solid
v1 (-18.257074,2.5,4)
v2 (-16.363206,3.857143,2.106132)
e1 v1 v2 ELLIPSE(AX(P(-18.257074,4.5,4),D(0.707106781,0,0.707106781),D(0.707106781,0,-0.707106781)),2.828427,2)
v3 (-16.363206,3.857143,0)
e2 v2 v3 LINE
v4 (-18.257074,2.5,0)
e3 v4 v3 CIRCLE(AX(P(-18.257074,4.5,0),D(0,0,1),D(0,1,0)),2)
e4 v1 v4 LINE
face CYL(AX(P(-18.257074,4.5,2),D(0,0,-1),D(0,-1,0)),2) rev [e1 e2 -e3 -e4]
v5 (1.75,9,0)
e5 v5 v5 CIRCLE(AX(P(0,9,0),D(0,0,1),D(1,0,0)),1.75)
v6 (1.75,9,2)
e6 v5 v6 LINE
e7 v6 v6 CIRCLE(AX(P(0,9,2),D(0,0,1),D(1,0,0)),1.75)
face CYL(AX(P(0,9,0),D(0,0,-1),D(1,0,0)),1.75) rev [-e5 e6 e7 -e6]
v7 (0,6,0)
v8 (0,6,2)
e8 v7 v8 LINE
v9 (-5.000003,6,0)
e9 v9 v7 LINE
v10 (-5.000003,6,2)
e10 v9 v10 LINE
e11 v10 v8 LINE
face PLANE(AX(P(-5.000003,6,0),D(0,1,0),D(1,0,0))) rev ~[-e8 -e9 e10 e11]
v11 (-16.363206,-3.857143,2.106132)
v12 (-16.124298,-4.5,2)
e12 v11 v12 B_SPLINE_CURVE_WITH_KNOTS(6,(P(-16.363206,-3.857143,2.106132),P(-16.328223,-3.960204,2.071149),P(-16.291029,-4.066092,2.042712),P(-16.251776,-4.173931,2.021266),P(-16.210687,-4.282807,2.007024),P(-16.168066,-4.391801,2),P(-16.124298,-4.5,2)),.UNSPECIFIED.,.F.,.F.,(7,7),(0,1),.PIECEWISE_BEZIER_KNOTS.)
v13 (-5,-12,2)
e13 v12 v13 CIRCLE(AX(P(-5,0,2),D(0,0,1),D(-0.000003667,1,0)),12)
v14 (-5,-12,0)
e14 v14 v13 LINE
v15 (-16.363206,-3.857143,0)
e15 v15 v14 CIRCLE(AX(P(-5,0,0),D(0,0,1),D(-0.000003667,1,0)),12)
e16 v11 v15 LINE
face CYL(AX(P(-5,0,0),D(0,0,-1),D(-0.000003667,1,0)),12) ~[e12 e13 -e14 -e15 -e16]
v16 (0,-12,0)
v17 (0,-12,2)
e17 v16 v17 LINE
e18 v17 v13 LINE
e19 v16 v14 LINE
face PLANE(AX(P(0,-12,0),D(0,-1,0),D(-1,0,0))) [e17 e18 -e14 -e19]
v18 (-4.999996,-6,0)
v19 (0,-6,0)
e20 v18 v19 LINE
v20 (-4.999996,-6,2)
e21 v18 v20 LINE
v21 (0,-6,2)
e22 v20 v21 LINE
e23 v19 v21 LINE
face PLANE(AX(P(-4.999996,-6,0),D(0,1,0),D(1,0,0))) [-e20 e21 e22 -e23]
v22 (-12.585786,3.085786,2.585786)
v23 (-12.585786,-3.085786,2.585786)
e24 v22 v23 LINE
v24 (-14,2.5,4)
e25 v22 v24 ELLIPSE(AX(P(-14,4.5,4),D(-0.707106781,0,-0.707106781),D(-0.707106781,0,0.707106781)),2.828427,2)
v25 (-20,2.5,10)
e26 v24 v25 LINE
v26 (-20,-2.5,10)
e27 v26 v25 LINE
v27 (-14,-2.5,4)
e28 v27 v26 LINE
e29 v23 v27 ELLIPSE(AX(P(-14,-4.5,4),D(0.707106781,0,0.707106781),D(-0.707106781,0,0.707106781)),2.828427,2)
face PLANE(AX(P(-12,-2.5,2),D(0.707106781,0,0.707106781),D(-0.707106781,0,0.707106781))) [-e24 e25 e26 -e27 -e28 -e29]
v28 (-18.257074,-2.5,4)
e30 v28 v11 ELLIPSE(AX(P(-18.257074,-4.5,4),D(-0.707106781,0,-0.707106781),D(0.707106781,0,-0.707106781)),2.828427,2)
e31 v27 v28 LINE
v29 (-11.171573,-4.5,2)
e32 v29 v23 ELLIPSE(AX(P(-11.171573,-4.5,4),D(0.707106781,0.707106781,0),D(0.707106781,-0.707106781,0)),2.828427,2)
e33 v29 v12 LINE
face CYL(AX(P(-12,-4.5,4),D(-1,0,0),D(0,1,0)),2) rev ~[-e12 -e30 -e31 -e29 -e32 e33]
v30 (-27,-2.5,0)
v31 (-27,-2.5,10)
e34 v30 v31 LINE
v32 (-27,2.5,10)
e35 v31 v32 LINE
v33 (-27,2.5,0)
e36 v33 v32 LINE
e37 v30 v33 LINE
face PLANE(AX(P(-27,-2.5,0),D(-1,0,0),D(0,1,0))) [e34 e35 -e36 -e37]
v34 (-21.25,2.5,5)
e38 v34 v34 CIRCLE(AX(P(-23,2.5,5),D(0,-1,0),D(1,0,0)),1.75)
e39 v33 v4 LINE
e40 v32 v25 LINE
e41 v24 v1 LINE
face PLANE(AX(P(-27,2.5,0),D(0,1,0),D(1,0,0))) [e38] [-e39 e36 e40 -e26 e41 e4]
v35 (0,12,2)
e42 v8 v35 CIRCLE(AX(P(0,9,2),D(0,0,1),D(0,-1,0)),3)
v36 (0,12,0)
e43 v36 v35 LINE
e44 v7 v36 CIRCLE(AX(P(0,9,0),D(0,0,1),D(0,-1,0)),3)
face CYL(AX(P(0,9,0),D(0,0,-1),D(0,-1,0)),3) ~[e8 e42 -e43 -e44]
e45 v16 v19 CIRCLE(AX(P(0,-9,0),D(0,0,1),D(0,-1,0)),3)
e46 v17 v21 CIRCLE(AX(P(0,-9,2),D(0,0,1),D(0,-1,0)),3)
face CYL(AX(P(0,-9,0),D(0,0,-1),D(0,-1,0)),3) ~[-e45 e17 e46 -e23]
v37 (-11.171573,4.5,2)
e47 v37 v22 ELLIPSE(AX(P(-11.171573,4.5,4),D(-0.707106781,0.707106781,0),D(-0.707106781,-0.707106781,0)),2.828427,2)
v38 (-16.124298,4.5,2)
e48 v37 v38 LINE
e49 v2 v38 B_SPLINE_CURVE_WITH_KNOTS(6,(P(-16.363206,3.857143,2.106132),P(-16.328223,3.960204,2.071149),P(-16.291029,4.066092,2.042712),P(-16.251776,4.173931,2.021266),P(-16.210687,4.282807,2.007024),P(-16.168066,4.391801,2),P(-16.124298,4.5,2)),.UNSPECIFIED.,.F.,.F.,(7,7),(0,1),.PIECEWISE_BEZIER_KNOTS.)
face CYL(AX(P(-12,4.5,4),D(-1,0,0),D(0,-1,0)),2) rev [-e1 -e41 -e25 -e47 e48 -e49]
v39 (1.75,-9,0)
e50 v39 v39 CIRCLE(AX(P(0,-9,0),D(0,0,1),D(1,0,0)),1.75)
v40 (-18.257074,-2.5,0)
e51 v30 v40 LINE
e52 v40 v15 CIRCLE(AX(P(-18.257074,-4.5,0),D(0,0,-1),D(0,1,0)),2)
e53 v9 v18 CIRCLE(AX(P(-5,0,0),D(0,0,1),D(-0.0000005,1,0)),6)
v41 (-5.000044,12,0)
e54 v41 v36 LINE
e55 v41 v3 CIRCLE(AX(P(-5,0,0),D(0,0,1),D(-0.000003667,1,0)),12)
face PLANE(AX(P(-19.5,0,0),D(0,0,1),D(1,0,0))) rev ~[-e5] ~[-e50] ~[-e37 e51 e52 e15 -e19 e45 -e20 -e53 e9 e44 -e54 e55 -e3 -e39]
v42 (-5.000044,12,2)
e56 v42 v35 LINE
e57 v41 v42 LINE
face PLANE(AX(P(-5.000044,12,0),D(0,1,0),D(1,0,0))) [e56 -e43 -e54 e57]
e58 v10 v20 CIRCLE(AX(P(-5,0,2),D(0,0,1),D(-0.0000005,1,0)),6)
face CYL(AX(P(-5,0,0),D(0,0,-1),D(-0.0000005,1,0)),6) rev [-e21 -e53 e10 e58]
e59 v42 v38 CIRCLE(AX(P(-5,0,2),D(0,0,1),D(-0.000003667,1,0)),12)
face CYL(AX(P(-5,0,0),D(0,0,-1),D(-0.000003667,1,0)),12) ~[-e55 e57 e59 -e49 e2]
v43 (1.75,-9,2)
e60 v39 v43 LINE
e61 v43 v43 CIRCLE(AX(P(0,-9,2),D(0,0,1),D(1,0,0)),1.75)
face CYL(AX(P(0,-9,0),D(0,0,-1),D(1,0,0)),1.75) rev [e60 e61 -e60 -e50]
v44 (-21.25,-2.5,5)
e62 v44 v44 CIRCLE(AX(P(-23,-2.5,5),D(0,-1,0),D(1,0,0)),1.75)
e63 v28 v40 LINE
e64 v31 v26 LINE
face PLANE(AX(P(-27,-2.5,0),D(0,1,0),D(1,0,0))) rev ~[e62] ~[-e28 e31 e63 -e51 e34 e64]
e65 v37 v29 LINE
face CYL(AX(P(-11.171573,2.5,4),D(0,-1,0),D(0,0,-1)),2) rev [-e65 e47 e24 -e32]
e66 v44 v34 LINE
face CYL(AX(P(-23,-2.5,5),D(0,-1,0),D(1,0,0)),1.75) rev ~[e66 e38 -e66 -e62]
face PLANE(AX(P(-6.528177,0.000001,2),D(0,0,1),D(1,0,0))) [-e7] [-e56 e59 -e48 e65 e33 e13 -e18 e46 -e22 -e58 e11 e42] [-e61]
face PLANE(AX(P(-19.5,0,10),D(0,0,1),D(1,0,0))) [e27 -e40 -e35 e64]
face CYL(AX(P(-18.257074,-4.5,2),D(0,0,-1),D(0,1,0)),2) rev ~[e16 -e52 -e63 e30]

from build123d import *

# Parameters (mm, degrees)
SKETCH009_R     = 1.75
PAD004_DEPTH    = 2
SKETCH010_W     = 15
SKETCH010_H     = 5
PAD005_DEPTH    = 10
POCKET005_DEPTH = 5
SKETCH012_R     = 1.75
POCKET006_DEPTH = 5
FILLET003_R     = 2


with BuildPart() as part:
    # Sketch009 → Pad004 (new body)
    with BuildSketch(Plane.XY):
        with BuildLine():
            ThreePointArc((0, -12), (3, -9), (0, -6))
            Line((-4.999996, -6), (0, -6))
            ThreePointArc((-5.000003, 6), (-11, -3e-06), (-4.999996, -6))
            Line((-5.000003, 6), (0, 6))
            ThreePointArc((0, 6), (3, 9), (0, 12))
            Line((-5.000044, 12), (0, 12))
            ThreePointArc((-5.000044, 12), (-17, -2.2e-05), (-5, -12))
            Line((0, -12), (-5, -12))
        make_face()
        with Locations((0, -9)):
            Circle(SKETCH009_R, mode=Mode.SUBTRACT)
        with Locations((0, 9)):
            Circle(SKETCH009_R, mode=Mode.SUBTRACT)
    extrude(amount=PAD004_DEPTH)

    # Sketch010 → Pad005 (join)
    with BuildSketch(Plane.XY):
        with Locations((-19.5, 0)):
            Rectangle(SKETCH010_W, SKETCH010_H)
    extrude(amount=PAD005_DEPTH)

    # Sketch011 (on Face16 of Pad005) → Pocket005 (cut)
    with BuildSketch(Plane.XZ.offset(2.5)):
        Polygon((-12, 2), (-20, 10), (-12, 10), align=None)
    extrude(amount=-POCKET005_DEPTH, mode=Mode.SUBTRACT)

    # Sketch012 (on Face17 of Pocket005) → Pocket006 (cut)
    with BuildSketch(Plane.XZ.offset(2.5)):
        with Locations((-23, 5)):
            Circle(SKETCH012_R)
    extrude(amount=-POCKET006_DEPTH, mode=Mode.SUBTRACT)

    # Fillet003
    fillet003_edges = [part.edges().sort_by_distance(p)[0] for p in [
        (-12, 0, 2),
        (-14.368347, 2.5, 2),
        (-14.368347, -2.5, 2),
        (-16.736695, -2.5, 1),
        (-16.736695, 2.5, 1),
    ]]
    fillet(fillet003_edges, radius=FILLET003_R)


solid = part.part
